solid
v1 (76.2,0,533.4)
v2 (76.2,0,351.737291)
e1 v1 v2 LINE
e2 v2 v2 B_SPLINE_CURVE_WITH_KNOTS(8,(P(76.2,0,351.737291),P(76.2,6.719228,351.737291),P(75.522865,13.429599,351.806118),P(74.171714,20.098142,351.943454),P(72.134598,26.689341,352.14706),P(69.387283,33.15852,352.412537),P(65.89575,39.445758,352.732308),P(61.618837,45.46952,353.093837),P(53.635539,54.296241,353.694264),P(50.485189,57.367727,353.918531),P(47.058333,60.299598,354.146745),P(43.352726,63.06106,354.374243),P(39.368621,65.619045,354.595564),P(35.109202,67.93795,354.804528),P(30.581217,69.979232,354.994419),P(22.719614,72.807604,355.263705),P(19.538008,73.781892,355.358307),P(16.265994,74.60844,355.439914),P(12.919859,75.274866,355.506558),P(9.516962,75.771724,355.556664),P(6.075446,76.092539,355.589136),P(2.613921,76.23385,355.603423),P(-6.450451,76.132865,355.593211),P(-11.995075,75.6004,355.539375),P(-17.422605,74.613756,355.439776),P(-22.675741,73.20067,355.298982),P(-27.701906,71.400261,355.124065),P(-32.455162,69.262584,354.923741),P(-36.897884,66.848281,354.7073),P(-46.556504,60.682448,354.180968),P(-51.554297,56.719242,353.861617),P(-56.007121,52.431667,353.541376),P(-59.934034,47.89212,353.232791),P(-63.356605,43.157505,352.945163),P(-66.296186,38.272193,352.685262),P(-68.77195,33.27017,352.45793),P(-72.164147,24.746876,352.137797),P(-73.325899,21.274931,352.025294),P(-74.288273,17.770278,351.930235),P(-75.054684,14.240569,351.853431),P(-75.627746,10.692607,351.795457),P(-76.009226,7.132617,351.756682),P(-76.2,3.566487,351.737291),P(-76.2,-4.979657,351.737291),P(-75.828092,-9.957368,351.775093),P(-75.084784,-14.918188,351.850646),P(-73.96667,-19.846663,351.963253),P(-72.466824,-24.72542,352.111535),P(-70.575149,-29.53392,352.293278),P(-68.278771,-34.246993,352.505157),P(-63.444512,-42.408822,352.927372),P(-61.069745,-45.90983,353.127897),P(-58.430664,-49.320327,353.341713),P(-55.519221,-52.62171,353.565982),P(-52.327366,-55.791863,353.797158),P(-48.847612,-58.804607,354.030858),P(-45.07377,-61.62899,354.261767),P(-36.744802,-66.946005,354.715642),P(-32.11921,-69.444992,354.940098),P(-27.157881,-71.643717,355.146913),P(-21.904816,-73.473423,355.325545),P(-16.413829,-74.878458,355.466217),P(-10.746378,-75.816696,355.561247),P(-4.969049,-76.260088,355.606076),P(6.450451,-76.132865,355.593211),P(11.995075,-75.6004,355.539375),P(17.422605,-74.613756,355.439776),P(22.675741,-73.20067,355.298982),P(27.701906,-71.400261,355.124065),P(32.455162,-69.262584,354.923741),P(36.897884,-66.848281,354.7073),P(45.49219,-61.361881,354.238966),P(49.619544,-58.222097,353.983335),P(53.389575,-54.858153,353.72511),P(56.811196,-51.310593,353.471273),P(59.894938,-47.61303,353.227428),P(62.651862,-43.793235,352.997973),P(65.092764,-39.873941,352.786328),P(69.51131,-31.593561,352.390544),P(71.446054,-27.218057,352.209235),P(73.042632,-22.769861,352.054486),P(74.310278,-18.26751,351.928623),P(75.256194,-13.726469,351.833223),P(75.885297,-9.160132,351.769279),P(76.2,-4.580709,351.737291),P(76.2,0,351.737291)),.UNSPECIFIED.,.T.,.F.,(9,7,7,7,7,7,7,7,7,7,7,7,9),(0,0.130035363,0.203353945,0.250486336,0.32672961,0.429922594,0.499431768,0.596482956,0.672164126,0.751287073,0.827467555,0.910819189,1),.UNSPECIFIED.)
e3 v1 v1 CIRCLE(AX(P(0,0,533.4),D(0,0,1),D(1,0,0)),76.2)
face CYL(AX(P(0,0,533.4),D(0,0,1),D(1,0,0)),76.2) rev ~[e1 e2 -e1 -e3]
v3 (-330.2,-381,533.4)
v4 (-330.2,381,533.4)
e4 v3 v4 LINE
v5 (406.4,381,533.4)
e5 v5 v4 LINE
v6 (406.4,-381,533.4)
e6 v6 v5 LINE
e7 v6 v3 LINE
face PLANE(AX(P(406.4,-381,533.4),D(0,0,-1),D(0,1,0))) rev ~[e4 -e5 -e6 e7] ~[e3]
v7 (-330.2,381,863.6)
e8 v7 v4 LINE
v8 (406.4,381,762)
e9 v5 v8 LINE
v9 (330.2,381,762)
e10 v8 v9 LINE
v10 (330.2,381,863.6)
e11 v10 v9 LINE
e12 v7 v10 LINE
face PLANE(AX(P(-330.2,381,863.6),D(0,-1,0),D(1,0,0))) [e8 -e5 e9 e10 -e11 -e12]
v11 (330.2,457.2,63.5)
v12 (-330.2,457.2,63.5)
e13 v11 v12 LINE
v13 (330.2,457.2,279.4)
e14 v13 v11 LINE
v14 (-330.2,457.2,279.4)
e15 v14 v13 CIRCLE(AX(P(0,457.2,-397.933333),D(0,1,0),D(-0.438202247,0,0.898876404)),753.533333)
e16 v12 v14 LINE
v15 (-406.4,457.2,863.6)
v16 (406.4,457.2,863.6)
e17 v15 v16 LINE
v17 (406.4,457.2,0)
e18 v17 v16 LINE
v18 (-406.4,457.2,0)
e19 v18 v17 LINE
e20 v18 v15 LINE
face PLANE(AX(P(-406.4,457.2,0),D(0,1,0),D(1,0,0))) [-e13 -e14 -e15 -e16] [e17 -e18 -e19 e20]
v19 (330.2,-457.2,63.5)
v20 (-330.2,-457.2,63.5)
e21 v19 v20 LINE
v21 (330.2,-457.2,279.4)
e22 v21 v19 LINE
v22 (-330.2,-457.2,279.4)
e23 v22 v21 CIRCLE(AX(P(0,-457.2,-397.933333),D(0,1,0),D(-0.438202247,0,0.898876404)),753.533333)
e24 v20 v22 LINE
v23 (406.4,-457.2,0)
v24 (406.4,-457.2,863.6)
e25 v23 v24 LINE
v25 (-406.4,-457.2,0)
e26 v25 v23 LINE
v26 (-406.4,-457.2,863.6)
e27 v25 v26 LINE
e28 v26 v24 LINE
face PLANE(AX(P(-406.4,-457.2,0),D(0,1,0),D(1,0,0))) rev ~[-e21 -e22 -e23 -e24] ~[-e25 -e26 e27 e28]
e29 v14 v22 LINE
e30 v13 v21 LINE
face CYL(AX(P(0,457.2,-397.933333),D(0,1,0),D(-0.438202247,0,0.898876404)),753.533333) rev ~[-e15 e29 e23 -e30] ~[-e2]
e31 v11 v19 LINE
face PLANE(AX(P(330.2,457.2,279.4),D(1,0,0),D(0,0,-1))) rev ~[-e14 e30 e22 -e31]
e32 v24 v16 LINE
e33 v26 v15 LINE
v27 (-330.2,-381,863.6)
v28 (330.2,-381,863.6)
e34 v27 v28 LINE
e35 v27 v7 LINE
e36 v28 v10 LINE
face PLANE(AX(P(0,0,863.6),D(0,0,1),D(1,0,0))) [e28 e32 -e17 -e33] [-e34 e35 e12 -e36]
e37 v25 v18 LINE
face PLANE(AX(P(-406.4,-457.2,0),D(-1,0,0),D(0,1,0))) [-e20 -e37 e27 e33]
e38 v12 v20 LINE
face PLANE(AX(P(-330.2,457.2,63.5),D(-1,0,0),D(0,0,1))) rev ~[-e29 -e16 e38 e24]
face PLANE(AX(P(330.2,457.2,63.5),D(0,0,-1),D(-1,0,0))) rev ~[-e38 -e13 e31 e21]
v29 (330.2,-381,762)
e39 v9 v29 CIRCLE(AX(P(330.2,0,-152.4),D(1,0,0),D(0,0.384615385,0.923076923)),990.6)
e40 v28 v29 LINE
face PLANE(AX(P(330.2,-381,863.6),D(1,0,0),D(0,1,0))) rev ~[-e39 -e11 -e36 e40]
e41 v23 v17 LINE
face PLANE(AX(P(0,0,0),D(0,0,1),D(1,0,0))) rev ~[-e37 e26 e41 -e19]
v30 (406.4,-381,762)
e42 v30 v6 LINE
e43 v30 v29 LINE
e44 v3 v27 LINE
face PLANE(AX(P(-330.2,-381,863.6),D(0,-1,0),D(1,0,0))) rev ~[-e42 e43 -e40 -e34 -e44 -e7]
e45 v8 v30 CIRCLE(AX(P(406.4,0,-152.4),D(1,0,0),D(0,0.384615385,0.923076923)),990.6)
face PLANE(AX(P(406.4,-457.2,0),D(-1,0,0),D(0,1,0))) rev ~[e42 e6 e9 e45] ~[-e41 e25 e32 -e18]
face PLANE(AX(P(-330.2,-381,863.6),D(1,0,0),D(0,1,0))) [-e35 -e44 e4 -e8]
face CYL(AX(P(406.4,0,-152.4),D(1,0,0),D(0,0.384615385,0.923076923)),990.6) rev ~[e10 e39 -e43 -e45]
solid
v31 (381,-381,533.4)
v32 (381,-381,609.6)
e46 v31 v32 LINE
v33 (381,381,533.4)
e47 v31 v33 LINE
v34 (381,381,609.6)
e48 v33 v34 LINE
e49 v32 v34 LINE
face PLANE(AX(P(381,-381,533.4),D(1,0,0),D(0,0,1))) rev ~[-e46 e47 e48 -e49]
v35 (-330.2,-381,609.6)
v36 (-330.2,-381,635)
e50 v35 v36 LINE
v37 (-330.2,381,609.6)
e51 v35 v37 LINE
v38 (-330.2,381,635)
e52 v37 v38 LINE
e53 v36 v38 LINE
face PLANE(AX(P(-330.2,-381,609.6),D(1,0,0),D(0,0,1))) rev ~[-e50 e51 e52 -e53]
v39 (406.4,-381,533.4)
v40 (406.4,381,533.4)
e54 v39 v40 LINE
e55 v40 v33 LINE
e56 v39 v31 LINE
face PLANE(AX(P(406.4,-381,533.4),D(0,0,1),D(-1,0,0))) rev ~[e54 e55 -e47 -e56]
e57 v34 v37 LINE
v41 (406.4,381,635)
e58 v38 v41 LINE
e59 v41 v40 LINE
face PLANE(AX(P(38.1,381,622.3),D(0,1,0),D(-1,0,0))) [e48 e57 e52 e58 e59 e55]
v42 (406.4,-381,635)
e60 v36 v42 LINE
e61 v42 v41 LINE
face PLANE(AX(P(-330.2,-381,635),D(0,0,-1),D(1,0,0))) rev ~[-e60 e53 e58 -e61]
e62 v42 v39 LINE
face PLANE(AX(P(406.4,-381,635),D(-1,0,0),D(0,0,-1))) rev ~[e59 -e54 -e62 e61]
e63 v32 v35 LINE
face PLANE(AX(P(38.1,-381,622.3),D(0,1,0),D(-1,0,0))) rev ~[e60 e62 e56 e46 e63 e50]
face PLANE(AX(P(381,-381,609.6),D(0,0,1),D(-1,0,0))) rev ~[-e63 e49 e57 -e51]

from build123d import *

# Parameters (mm, degrees)
F0_W      = 812.8
F0_H      = 914.4
F1_DEPTH  = 863.6
F3_DEPTH  = 736.6
F4_W      = 660.4
F4_H      = 762
F5_DEPTH  = 101.601
F7_DEPTH  = 914.401
F8_R      = 76.2
F9_DEPTH  = 181.6637094627
F10_W     = 25.4
F10_H     = 76.2
F11_DEPTH = 762


with BuildPart() as f1:
    # F0 (on Top) → F1 (new body)
    with BuildSketch(Plane.XY):
        Rectangle(F0_W, F0_H)
    extrude(amount=F1_DEPTH)

    # F2 (on face) → F3 (cut)
    with BuildSketch(Plane.YZ.offset(406.4)):
        with BuildLine():
            Line((-381, 762), (-381, 533.4))
            Line((-381, 533.4), (381, 533.4))
            Line((381, 533.4), (381, 762))
            ThreePointArc((381, 762), (0, 838.2), (-381, 762))
        make_face()
    extrude(amount=-F3_DEPTH, mode=Mode.SUBTRACT)

    # F4 (on face) → F5 (cut, through all)
    with BuildSketch(Plane.XY.offset(863.6)):
        Rectangle(F4_W, F4_H)
    extrude(amount=-F5_DEPTH, mode=Mode.SUBTRACT)

    # F6 (on face) → F7 (cut, through all)
    with BuildSketch(Plane(origin=(0, 457.2, 0), x_dir=(-1, 0, 0), z_dir=(0, 1, 0))):
        with BuildLine():
            Line((-330.2, 279.4), (-330.2, 63.5))
            Line((-330.2, 63.5), (330.2, 63.5))
            Line((330.2, 63.5), (330.2, 279.4))
            ThreePointArc((330.2, 279.4), (169.4391323628, 336.3029126179), (-2.5689e-06, 355.6))
            ThreePointArc((-2.5689e-06, 355.6), (-169.439134866, 336.3029120403), (-330.2, 279.4))
        make_face()
    extrude(amount=-F7_DEPTH, mode=Mode.SUBTRACT)

    # F8 (on face) → F9 (cut, through all)
    with BuildSketch(Plane.XY.offset(533.4)):
        Circle(F8_R)
    extrude(amount=-F9_DEPTH, mode=Mode.SUBTRACT)


with BuildPart() as f11:
    # F10 (on face) → F11 (new body, through all)
    with BuildSketch(Plane(origin=(0, -381, 0), x_dir=(-1, 0, 0), z_dir=(0, 1, 0))):
        Polygon((-406.4, 635), (-406.4, 609.6), (-381, 609.6), (330.2, 609.6), (330.2, 635), align=None)
        with Locations((-393.7, 571.5)):
            Rectangle(F10_W, F10_H)
    extrude(amount=F11_DEPTH)


solid = Compound([f1.part, f11.part])
